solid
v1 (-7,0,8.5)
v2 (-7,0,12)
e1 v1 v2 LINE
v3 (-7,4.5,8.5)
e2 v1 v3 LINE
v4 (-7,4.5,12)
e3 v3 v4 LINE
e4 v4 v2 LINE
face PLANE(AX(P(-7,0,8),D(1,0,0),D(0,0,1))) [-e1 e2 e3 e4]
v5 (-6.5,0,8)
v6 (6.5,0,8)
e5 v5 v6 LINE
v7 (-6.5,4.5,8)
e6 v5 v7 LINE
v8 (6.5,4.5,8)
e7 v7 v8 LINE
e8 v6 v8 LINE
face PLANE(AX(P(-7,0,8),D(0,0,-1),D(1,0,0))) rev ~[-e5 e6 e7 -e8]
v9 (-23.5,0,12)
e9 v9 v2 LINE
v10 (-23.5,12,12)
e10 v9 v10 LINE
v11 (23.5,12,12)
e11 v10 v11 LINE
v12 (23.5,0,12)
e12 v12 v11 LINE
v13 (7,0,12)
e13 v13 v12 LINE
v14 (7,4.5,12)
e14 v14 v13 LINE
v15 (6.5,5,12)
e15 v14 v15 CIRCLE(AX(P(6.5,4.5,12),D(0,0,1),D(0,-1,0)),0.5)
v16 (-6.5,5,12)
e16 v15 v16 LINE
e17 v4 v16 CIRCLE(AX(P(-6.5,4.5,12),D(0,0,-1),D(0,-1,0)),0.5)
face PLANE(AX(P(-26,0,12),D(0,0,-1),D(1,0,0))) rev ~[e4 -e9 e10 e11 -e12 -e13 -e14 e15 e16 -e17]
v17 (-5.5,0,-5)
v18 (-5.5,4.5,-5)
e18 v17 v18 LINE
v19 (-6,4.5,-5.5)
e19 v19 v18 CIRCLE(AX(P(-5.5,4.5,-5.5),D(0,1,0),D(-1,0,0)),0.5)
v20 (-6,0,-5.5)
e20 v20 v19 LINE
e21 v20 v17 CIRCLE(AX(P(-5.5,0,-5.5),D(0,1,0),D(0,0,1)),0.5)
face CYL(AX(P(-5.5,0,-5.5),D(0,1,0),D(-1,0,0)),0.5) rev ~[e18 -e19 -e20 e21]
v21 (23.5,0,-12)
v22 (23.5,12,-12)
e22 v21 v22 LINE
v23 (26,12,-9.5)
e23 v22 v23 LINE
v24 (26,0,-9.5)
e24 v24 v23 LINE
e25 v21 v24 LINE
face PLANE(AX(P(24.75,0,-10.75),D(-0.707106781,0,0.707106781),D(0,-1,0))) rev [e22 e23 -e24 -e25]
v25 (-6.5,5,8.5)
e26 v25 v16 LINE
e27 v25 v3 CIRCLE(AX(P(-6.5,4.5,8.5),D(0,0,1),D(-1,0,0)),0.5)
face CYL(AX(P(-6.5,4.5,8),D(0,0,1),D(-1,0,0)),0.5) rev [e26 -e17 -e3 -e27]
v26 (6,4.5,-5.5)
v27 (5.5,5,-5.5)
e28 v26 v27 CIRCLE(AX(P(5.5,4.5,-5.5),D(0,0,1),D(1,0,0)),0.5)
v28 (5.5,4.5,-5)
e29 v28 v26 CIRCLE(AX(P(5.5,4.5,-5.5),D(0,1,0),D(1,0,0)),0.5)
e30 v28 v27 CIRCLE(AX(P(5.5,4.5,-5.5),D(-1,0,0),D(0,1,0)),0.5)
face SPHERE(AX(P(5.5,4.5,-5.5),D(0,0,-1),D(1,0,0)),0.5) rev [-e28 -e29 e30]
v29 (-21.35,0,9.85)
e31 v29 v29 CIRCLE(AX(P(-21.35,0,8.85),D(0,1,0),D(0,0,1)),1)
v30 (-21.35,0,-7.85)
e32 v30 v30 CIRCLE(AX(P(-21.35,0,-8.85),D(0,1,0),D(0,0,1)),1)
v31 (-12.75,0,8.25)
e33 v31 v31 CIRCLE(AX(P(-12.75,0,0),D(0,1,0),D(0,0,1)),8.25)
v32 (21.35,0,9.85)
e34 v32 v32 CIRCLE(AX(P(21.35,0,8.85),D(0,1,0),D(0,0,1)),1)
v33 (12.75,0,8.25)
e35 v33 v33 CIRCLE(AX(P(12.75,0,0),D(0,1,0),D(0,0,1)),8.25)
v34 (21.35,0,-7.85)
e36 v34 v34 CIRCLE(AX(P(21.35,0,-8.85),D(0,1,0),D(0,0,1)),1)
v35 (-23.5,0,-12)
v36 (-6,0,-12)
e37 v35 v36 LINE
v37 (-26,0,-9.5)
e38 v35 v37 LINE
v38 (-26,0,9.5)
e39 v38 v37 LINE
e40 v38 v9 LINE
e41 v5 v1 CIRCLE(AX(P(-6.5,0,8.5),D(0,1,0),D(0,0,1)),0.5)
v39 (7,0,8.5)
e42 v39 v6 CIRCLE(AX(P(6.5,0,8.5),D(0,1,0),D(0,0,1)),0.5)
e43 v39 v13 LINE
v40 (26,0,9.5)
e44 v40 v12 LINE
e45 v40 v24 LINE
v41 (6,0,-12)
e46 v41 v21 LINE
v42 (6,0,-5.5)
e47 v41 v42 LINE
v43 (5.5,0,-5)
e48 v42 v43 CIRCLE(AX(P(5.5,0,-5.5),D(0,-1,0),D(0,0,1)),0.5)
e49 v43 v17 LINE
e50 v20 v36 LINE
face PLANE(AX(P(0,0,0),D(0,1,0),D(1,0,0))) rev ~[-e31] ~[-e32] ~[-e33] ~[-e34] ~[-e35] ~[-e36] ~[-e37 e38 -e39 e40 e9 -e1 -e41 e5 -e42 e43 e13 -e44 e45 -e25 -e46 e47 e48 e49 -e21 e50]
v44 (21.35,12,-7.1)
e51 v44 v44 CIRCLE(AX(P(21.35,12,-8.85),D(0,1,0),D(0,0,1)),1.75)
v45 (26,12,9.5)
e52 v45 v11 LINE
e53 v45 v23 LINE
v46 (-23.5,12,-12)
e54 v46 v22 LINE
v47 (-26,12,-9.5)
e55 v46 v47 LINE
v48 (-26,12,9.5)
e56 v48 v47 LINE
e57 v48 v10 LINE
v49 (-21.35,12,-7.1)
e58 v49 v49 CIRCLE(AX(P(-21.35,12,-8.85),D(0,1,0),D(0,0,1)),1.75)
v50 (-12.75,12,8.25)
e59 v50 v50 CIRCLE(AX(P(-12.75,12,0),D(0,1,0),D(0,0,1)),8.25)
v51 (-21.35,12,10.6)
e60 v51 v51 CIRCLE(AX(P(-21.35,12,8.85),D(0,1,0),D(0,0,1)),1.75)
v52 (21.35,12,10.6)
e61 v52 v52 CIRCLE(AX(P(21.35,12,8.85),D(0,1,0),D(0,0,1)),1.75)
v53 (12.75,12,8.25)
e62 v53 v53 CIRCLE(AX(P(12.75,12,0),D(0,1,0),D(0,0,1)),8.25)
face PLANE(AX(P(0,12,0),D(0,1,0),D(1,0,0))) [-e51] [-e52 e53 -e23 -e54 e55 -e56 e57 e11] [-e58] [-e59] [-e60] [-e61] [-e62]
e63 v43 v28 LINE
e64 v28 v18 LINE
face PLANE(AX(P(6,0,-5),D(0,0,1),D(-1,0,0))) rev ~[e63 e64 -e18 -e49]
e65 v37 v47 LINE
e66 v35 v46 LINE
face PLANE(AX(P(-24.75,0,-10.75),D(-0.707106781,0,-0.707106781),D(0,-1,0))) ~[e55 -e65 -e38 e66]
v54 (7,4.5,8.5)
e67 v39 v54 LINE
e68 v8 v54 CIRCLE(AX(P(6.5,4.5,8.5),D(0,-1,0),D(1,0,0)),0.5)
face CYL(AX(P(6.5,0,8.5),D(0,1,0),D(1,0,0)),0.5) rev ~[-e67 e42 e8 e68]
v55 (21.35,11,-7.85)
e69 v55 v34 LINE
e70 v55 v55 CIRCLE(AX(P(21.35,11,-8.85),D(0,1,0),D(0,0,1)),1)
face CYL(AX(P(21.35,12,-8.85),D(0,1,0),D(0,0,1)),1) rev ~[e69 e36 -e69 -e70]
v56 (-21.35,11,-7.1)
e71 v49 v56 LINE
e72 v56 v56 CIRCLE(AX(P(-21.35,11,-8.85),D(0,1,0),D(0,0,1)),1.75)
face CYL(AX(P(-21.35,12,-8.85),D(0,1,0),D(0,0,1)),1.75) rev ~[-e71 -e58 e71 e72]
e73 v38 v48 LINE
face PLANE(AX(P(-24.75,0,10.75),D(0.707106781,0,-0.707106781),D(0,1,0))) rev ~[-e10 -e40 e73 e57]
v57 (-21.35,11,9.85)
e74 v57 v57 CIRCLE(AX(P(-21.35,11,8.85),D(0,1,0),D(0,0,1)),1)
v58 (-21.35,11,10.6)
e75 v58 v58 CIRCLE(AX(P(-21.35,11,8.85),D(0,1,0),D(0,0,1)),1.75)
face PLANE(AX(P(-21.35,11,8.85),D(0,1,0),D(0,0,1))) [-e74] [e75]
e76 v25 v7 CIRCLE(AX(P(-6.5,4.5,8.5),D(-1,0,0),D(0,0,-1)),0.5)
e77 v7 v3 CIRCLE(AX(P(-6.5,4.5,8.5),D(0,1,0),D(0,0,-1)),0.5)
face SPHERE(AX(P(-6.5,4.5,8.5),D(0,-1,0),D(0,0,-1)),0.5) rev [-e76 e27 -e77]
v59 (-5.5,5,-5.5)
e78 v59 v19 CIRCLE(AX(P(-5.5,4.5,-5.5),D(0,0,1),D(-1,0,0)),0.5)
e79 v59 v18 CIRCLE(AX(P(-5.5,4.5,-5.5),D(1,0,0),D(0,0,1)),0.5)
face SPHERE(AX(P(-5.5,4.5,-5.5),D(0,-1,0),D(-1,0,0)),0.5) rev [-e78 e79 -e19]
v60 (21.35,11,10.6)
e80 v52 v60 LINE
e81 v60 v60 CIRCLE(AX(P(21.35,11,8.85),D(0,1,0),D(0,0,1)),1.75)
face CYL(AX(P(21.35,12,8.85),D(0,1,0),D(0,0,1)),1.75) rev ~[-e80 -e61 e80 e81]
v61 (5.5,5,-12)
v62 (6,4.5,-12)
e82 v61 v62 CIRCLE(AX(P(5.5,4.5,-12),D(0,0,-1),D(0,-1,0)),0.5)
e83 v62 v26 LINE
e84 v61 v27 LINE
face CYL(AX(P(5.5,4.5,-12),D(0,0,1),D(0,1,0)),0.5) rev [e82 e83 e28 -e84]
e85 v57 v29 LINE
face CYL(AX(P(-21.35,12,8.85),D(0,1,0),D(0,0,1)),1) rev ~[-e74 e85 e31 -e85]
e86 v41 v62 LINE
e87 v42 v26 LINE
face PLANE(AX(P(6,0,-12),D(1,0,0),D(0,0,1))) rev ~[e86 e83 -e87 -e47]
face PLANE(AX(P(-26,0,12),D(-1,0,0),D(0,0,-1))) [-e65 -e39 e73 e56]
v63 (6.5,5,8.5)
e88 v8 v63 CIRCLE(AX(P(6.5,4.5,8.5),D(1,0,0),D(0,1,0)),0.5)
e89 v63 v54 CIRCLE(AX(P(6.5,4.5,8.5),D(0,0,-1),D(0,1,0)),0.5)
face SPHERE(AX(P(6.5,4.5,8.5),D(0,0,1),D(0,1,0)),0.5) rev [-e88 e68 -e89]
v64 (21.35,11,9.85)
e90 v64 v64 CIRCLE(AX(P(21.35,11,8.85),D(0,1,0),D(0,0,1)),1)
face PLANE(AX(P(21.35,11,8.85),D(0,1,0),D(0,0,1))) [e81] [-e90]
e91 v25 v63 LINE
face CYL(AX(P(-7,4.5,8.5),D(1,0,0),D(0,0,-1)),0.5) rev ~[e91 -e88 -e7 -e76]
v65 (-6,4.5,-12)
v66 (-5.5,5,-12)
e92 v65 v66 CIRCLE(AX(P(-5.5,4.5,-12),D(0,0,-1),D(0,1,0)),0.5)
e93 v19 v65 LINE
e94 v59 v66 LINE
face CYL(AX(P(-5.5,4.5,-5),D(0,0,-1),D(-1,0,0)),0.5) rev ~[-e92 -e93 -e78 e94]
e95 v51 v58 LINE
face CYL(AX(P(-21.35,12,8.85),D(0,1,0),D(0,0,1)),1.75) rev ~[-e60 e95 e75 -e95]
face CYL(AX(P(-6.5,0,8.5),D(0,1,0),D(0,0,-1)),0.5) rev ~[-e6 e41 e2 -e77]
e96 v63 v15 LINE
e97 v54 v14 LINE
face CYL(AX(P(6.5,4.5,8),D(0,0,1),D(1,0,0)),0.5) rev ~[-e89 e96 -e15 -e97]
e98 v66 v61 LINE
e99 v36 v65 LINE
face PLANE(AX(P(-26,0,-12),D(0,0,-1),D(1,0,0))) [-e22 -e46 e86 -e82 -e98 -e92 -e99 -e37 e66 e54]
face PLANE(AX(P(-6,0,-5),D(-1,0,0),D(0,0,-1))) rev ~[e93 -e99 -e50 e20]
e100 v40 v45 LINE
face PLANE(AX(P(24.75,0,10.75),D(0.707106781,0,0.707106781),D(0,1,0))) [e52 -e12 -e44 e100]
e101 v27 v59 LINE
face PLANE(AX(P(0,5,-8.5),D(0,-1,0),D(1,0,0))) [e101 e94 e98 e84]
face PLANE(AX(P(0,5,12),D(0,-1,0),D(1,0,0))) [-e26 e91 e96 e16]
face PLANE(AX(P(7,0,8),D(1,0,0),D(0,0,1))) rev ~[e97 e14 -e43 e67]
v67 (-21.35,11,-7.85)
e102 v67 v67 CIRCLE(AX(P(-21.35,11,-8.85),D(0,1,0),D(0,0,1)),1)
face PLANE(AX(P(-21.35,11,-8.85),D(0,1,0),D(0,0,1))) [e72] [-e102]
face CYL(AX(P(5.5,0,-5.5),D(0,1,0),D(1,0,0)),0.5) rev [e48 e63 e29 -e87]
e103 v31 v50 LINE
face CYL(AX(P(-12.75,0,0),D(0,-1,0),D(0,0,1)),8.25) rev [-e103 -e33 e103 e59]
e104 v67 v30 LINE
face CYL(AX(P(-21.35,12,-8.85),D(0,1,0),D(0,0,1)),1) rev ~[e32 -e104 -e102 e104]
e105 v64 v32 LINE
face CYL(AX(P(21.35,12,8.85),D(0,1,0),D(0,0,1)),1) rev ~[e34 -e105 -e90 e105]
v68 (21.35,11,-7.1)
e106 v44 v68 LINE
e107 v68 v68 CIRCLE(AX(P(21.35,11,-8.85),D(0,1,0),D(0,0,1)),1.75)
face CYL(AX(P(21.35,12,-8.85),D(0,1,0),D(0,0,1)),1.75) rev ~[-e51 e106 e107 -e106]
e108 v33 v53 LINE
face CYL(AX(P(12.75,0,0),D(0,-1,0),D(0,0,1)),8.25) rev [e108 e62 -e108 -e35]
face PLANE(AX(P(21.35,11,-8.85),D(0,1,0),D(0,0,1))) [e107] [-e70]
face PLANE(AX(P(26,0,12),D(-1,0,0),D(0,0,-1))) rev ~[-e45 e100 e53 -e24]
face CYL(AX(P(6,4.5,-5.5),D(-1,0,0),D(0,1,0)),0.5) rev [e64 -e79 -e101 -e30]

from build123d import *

# Parameters (mm, degrees)
SKETCH1_W           = 52
SKETCH1_H           = 24
SKETCH1_R           = 8.25
BOSS_EXTRUDE1_DEPTH = 12
SKETCH2_R           = 1
CUT_EXTRUDE1_DEPTH  = 32.048349393
SKETCH3_R           = 1.75
CUT_EXTRUDE2_DEPTH  = 1
CUT_EXTRUDE3_DEPTH  = 5
FILLET3_R           = 0.5
CHAMFER1_SIZE       = 2.5
SKETCH5_W           = 14
SKETCH5_H           = 8
CUT_EXTRUDE4_DEPTH  = 5
FILLET4_R           = 0.5


with BuildPart() as part:
    # Sketch1 → Boss-Extrude1 (new body)
    with BuildSketch(Plane(origin=(0, 0, 0), x_dir=(1, 0, 0), z_dir=(0, 1, 0))):
        Rectangle(SKETCH1_W, SKETCH1_H)
        with Locations(Location((12.75, 0, 0), (0, 0, 270))):
            Circle(SKETCH1_R, mode=Mode.SUBTRACT)
        with Locations(Location((-12.75, 0, 0), (0, 0, 270))):
            Circle(SKETCH1_R, mode=Mode.SUBTRACT)
    extrude(amount=BOSS_EXTRUDE1_DEPTH)

    # Sketch2 → Cut-Extrude1 (cut, through all)
    with BuildSketch(Plane(origin=(0, 12, 0), x_dir=(1, 0, 0), z_dir=(0, 1, 0))):
        with Locations(Location((-21.35, 8.85, 0), (0, 0, 270))):
            Circle(SKETCH2_R)
        with Locations(Location((21.35, 8.85, 0), (0, 0, 270))):
            Circle(SKETCH2_R)
        with Locations(Location((21.35, -8.85, 0), (0, 0, 270))):
            Circle(SKETCH2_R)
        with Locations(Location((-21.35, -8.85, 0), (0, 0, 270))):
            Circle(SKETCH2_R)
    extrude(amount=-CUT_EXTRUDE1_DEPTH, mode=Mode.SUBTRACT)

    # Sketch3 → Cut-Extrude2 (cut)
    with BuildSketch(Plane(origin=(0, 12, 0), x_dir=(1, 0, 0), z_dir=(0, 1, 0))):
        with Locations(Location((-21.35, 8.85, 0), (0, 0, 270))):
            Circle(SKETCH3_R)
        with Locations(Location((21.35, 8.85, 0), (0, 0, 270))):
            Circle(SKETCH3_R)
        with Locations(Location((21.35, -8.85, 0), (0, 0, 270))):
            Circle(SKETCH3_R)
        with Locations(Location((-21.35, -8.85, 0), (0, 0, 270))):
            Circle(SKETCH3_R)
    extrude(amount=-CUT_EXTRUDE2_DEPTH, mode=Mode.SUBTRACT)

    # Sketch4 → Cut-Extrude3 (cut)
    with BuildSketch(Plane.XZ):
        Polygon((-6, -5), (-6, -12), (6, -12), (6, -5), (0, -5), align=None)
    extrude(amount=-CUT_EXTRUDE3_DEPTH, mode=Mode.SUBTRACT)

    # Fillet3
    fillet3_edges = [part.edges().sort_by_distance(p)[0] for p in [
        (-6, 2.5, -5),
        (6, 5, -8.5),
        (6, 2.5, -5),
        (-6, 5, -8.5),
        (0, 5, -5),
    ]]
    fillet(fillet3_edges, radius=FILLET3_R)

    # Chamfer1
    chamfer1_edges = [part.edges().sort_by_distance(p)[0] for p in [
        (26, 6, 12),
        (-26, 6, 12),
        (-26, 6, -12),
        (26, 6, -12),
    ]]
    chamfer(chamfer1_edges, length=CHAMFER1_SIZE)

    # Sketch5 → Cut-Extrude4 (cut)
    with BuildSketch(Plane.XZ):
        with Locations((0, 12)):
            Rectangle(SKETCH5_W, SKETCH5_H)
    extrude(amount=-CUT_EXTRUDE4_DEPTH, mode=Mode.SUBTRACT)

    # Fillet4
    fillet4_edges = [part.edges().sort_by_distance(p)[0] for p in [
        (-7, 2.5, 8),
        (7, 5, 10),
        (0, 5, 8),
        (-7, 5, 10),
        (7, 2.5, 8),
    ]]
    fillet(fillet4_edges, radius=FILLET4_R)


solid = part.part
